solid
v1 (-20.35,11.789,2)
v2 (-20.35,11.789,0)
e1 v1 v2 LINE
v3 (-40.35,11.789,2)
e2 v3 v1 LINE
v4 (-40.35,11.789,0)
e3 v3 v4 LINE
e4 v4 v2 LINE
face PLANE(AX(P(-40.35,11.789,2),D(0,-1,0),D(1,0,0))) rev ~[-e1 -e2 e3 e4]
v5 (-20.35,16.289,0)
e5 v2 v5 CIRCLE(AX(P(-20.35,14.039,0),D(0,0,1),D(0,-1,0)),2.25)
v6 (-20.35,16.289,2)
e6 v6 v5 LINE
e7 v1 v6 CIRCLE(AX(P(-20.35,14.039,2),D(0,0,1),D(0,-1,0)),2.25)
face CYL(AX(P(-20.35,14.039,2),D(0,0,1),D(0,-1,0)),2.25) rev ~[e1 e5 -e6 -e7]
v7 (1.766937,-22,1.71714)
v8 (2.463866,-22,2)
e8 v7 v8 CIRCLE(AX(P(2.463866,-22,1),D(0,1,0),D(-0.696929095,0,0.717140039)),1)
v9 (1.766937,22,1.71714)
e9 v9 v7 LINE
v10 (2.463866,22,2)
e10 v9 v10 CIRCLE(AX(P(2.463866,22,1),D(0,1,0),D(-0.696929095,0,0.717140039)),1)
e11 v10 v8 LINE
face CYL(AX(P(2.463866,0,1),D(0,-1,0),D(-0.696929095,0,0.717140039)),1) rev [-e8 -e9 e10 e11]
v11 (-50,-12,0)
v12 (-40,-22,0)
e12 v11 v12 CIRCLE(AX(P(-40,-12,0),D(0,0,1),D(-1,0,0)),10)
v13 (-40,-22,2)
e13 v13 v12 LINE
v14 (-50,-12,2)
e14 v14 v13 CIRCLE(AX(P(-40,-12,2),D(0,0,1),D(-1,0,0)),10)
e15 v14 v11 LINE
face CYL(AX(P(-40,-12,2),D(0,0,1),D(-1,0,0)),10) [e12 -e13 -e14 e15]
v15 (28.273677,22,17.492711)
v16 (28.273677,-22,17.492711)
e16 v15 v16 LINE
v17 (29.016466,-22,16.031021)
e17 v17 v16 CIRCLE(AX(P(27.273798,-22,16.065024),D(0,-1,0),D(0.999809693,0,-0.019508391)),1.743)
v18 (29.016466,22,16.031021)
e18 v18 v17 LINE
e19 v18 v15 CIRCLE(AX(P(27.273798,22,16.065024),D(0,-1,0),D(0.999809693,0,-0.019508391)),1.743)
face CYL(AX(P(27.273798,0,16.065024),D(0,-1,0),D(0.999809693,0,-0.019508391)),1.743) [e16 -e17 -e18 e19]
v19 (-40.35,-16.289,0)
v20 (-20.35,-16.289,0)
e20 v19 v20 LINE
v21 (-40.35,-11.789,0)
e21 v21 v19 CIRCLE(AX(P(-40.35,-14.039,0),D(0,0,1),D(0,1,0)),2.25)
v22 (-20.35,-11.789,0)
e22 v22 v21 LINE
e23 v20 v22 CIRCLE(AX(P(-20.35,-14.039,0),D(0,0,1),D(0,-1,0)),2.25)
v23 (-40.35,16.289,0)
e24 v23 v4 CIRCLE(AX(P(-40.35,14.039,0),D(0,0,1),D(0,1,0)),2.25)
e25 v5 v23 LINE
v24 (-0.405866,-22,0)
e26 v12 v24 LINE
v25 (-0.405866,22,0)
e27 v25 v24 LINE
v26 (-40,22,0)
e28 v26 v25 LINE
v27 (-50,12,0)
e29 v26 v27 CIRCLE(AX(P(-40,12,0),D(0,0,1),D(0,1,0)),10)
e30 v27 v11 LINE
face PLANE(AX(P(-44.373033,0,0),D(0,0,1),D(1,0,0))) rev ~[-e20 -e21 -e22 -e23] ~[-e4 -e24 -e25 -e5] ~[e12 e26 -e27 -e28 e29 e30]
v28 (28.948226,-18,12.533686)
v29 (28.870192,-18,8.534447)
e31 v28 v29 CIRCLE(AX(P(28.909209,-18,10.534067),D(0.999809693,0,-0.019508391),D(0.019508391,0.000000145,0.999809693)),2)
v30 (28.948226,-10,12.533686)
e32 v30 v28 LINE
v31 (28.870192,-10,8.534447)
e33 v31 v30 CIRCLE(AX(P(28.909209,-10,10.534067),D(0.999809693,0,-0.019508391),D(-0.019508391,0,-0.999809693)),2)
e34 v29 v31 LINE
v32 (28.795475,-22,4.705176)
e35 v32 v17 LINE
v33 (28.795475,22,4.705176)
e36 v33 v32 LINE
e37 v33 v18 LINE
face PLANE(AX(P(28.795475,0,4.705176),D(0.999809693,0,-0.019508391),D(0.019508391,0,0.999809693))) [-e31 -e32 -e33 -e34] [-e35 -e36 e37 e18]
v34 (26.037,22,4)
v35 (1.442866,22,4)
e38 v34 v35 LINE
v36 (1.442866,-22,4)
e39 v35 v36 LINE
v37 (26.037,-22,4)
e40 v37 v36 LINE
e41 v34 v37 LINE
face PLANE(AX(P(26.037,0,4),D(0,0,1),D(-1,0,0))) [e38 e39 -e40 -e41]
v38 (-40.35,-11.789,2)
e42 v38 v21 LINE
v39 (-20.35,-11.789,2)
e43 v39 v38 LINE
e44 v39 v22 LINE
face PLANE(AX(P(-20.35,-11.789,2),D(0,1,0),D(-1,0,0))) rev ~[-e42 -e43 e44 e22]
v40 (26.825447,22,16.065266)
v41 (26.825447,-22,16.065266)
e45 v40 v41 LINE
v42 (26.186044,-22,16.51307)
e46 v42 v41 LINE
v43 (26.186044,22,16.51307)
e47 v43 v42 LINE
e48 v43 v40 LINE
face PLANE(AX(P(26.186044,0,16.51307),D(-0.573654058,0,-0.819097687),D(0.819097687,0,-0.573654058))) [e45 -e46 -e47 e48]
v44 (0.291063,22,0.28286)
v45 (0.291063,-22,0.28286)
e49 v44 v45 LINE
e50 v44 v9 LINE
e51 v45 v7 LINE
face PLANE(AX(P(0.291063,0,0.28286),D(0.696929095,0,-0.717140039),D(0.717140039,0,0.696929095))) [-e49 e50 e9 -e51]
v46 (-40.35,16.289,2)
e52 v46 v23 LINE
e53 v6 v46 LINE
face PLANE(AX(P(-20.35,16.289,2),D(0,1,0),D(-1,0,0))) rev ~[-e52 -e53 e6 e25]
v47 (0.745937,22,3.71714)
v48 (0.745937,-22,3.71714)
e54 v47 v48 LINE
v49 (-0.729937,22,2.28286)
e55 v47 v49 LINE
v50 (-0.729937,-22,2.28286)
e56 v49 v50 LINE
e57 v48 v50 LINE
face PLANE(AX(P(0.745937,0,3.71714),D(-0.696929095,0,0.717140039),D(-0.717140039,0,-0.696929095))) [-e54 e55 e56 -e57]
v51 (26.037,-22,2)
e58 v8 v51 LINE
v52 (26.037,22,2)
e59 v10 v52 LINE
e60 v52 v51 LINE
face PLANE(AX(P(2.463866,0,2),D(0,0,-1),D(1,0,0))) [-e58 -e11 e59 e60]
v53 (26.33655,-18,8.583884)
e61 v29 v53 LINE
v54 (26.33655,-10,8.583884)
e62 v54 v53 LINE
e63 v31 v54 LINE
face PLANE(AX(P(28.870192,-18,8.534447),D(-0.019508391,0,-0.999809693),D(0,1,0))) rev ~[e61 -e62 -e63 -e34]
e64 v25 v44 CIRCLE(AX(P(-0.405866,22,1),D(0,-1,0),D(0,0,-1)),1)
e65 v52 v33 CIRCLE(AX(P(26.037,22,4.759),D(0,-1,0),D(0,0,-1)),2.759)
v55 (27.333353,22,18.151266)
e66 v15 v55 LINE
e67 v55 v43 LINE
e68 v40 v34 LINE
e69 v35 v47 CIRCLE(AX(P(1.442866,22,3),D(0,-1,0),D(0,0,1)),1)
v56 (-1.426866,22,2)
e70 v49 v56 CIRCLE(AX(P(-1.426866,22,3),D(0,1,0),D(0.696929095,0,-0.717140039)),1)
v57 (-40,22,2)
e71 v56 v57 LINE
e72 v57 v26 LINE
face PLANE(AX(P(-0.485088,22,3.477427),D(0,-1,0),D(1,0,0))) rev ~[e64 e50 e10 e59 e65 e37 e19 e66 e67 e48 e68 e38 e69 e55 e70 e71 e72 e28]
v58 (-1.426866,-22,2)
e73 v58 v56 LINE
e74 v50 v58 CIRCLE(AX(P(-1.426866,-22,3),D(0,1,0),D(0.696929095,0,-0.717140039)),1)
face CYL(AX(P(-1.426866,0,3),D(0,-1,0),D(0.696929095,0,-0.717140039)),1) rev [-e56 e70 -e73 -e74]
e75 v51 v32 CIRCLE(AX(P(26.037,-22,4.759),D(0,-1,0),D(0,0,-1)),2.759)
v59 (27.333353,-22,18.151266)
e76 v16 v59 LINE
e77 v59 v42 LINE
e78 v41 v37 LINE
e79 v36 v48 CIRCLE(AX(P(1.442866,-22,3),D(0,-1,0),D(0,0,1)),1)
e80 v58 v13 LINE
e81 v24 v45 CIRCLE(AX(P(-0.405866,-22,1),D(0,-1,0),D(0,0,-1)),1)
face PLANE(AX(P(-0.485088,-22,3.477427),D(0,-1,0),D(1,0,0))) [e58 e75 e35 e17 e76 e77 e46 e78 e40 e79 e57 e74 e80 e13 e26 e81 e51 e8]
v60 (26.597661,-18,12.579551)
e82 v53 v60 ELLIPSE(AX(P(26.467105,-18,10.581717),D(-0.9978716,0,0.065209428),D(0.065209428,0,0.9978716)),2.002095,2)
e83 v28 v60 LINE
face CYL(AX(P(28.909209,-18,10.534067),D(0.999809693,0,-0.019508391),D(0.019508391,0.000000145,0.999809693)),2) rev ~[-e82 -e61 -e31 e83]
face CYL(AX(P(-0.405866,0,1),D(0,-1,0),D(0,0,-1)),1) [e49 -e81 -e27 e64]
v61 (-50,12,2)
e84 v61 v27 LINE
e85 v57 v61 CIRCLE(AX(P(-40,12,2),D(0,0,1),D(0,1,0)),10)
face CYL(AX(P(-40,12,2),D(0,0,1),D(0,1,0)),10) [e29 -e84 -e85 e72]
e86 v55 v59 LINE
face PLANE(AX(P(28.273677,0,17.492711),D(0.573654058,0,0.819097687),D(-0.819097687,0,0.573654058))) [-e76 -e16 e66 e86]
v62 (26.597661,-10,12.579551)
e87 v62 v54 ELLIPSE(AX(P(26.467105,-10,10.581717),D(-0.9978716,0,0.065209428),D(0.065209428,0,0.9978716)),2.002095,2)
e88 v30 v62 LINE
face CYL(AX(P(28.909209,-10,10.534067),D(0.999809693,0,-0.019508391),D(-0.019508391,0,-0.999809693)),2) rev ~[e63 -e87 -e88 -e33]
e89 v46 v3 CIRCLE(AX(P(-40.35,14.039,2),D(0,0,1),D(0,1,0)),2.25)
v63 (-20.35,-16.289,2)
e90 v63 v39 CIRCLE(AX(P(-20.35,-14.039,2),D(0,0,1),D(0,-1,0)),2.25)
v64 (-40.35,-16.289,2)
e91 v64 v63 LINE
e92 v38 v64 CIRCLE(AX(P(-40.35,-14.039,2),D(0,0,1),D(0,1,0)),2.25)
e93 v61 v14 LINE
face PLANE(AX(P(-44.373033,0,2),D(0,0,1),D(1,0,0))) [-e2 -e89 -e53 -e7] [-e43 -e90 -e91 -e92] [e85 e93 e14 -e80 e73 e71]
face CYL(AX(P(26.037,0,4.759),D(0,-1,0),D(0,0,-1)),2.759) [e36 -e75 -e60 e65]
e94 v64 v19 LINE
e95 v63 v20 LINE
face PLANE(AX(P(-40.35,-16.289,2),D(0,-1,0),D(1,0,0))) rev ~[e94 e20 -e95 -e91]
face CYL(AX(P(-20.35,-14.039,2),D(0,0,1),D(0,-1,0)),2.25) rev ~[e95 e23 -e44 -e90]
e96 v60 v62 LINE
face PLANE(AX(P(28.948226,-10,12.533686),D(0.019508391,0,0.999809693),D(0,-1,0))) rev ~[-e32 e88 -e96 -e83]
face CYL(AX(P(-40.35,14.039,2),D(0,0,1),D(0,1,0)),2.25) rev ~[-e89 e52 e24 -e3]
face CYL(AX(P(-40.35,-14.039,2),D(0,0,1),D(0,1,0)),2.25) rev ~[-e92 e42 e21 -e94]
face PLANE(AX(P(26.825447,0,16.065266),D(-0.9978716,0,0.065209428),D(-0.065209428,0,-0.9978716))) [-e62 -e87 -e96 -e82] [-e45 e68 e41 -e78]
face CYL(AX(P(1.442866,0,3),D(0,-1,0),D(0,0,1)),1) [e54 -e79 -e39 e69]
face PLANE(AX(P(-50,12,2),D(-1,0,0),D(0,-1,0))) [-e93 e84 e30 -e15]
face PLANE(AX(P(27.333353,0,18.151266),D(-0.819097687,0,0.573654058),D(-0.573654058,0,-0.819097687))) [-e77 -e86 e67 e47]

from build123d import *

# Parameters (mm, degrees)
F1_DEPTH = 22
F3_DEPTH = 2
F5_DEPTH = 25
F7_DEPTH = 25


with BuildPart() as f1:
    # F0 (on Front) → F1 (new body, symmetric)
    with BuildSketch(Plane.XZ):
        with BuildLine():
            Line((-40, 0), (-0.4058661959, 0))
            ThreePointArc((-0.4058661959, 0), (-0.0297944203, 0.073409465), (0.2910628996, 0.2828599608))
            Line((0.2910628996, 0.2828599608), (1.7669371004, 1.7171400392))
            ThreePointArc((1.7669371004, 1.7171400392), (2.0877944203, 1.926590535), (2.4638661959, 2))
            Line((2.4638661959, 2), (26.037, 2))
            ThreePointArc((26.037, 2), (27.9687843496, 2.7891547709), (28.7954749436, 4.705176349))
            Line((28.7954749436, 4.705176349), (29.016465998, 16.0310205539))
            ThreePointArc((29.016465998, 16.0310205539), (28.8276722638, 16.8546583092), (28.2736767263, 17.4927109486))
            Line((28.2736767263, 17.4927109486), (27.3333525812, 18.1512658075))
            Line((27.3333525812, 18.1512658075), (26.1860444646, 16.5130704329))
            Line((26.1860444646, 16.5130704329), (26.8254471929, 16.0652655182))
            Line((26.8254471929, 16.0652655182), (26.037, 4))
            Line((26.037, 4), (1.4428661959, 4))
            ThreePointArc((1.4428661959, 4), (1.0667944203, 3.926590535), (0.7459371004, 3.7171400392))
            Line((0.7459371004, 3.7171400392), (-0.7299371004, 2.2828599608))
            ThreePointArc((-0.7299371004, 2.2828599608), (-1.0507944203, 2.073409465), (-1.4268661959, 2))
            Line((-1.4268661959, 2), (-40, 2))
            Line((-40, 2), (-40, 0))
        make_face()
    extrude(amount=F1_DEPTH, both=True)

    # F2 (on face) → F3 (join)
    with BuildSketch(Plane.XY.offset(2)):
        with BuildLine():
            Line((-50, 12), (-50, -12))
            ThreePointArc((-50, -12), (-47.0710678119, -19.0710678119), (-40, -22))
            Line((-40, -22), (-40, 22))
            ThreePointArc((-40, 22), (-47.0710678119, 19.0710678119), (-50, 12))
        make_face()
    extrude(amount=-F3_DEPTH)

    # F4 (on face) → F5 (cut)
    with BuildSketch(Plane.XY.offset(2)):
        with BuildLine():
            ThreePointArc((-40.35, -11.789), (-42.6, -14.039), (-40.35, -16.289))
            Line((-40.35, -16.289), (-20.35, -16.289))
            ThreePointArc((-20.35, -16.289), (-18.1, -14.039), (-20.35, -11.789))
            Line((-20.35, -11.789), (-40.35, -11.789))
        make_face()
        with BuildLine():
            ThreePointArc((-40.35, 16.289), (-42.6, 14.039), (-40.35, 11.789))
            Line((-40.35, 11.789), (-20.35, 11.789))
            ThreePointArc((-20.35, 11.789), (-18.1, 14.039), (-20.35, 16.289))
            Line((-20.35, 16.289), (-40.35, 16.289))
        make_face()
    extrude(amount=-F5_DEPTH, mode=Mode.SUBTRACT)

    # F6 (on face) → F7 (cut)
    with BuildSketch(Plane(origin=(28.6927430868, 0, -0.5598557981), x_dir=(0, 1, 0), z_dir=(0.9998096932, 0, -0.0195083911))):
        with BuildLine():
            Line((-9.9999997095, 13.096034309), (-17.9999997095, 13.096034309))
            ThreePointArc((-17.9999997095, 13.096034309), (-20, 11.0960344543), (-18, 9.096034309))
            Line((-18, 9.096034309), (-9.9999997095, 9.096034309))
            ThreePointArc((-9.9999997095, 9.096034309), (-7.9999997095, 11.096034309), (-9.9999997095, 13.096034309))
        make_face()
    extrude(amount=-F7_DEPTH, mode=Mode.SUBTRACT)


solid = f1.part
